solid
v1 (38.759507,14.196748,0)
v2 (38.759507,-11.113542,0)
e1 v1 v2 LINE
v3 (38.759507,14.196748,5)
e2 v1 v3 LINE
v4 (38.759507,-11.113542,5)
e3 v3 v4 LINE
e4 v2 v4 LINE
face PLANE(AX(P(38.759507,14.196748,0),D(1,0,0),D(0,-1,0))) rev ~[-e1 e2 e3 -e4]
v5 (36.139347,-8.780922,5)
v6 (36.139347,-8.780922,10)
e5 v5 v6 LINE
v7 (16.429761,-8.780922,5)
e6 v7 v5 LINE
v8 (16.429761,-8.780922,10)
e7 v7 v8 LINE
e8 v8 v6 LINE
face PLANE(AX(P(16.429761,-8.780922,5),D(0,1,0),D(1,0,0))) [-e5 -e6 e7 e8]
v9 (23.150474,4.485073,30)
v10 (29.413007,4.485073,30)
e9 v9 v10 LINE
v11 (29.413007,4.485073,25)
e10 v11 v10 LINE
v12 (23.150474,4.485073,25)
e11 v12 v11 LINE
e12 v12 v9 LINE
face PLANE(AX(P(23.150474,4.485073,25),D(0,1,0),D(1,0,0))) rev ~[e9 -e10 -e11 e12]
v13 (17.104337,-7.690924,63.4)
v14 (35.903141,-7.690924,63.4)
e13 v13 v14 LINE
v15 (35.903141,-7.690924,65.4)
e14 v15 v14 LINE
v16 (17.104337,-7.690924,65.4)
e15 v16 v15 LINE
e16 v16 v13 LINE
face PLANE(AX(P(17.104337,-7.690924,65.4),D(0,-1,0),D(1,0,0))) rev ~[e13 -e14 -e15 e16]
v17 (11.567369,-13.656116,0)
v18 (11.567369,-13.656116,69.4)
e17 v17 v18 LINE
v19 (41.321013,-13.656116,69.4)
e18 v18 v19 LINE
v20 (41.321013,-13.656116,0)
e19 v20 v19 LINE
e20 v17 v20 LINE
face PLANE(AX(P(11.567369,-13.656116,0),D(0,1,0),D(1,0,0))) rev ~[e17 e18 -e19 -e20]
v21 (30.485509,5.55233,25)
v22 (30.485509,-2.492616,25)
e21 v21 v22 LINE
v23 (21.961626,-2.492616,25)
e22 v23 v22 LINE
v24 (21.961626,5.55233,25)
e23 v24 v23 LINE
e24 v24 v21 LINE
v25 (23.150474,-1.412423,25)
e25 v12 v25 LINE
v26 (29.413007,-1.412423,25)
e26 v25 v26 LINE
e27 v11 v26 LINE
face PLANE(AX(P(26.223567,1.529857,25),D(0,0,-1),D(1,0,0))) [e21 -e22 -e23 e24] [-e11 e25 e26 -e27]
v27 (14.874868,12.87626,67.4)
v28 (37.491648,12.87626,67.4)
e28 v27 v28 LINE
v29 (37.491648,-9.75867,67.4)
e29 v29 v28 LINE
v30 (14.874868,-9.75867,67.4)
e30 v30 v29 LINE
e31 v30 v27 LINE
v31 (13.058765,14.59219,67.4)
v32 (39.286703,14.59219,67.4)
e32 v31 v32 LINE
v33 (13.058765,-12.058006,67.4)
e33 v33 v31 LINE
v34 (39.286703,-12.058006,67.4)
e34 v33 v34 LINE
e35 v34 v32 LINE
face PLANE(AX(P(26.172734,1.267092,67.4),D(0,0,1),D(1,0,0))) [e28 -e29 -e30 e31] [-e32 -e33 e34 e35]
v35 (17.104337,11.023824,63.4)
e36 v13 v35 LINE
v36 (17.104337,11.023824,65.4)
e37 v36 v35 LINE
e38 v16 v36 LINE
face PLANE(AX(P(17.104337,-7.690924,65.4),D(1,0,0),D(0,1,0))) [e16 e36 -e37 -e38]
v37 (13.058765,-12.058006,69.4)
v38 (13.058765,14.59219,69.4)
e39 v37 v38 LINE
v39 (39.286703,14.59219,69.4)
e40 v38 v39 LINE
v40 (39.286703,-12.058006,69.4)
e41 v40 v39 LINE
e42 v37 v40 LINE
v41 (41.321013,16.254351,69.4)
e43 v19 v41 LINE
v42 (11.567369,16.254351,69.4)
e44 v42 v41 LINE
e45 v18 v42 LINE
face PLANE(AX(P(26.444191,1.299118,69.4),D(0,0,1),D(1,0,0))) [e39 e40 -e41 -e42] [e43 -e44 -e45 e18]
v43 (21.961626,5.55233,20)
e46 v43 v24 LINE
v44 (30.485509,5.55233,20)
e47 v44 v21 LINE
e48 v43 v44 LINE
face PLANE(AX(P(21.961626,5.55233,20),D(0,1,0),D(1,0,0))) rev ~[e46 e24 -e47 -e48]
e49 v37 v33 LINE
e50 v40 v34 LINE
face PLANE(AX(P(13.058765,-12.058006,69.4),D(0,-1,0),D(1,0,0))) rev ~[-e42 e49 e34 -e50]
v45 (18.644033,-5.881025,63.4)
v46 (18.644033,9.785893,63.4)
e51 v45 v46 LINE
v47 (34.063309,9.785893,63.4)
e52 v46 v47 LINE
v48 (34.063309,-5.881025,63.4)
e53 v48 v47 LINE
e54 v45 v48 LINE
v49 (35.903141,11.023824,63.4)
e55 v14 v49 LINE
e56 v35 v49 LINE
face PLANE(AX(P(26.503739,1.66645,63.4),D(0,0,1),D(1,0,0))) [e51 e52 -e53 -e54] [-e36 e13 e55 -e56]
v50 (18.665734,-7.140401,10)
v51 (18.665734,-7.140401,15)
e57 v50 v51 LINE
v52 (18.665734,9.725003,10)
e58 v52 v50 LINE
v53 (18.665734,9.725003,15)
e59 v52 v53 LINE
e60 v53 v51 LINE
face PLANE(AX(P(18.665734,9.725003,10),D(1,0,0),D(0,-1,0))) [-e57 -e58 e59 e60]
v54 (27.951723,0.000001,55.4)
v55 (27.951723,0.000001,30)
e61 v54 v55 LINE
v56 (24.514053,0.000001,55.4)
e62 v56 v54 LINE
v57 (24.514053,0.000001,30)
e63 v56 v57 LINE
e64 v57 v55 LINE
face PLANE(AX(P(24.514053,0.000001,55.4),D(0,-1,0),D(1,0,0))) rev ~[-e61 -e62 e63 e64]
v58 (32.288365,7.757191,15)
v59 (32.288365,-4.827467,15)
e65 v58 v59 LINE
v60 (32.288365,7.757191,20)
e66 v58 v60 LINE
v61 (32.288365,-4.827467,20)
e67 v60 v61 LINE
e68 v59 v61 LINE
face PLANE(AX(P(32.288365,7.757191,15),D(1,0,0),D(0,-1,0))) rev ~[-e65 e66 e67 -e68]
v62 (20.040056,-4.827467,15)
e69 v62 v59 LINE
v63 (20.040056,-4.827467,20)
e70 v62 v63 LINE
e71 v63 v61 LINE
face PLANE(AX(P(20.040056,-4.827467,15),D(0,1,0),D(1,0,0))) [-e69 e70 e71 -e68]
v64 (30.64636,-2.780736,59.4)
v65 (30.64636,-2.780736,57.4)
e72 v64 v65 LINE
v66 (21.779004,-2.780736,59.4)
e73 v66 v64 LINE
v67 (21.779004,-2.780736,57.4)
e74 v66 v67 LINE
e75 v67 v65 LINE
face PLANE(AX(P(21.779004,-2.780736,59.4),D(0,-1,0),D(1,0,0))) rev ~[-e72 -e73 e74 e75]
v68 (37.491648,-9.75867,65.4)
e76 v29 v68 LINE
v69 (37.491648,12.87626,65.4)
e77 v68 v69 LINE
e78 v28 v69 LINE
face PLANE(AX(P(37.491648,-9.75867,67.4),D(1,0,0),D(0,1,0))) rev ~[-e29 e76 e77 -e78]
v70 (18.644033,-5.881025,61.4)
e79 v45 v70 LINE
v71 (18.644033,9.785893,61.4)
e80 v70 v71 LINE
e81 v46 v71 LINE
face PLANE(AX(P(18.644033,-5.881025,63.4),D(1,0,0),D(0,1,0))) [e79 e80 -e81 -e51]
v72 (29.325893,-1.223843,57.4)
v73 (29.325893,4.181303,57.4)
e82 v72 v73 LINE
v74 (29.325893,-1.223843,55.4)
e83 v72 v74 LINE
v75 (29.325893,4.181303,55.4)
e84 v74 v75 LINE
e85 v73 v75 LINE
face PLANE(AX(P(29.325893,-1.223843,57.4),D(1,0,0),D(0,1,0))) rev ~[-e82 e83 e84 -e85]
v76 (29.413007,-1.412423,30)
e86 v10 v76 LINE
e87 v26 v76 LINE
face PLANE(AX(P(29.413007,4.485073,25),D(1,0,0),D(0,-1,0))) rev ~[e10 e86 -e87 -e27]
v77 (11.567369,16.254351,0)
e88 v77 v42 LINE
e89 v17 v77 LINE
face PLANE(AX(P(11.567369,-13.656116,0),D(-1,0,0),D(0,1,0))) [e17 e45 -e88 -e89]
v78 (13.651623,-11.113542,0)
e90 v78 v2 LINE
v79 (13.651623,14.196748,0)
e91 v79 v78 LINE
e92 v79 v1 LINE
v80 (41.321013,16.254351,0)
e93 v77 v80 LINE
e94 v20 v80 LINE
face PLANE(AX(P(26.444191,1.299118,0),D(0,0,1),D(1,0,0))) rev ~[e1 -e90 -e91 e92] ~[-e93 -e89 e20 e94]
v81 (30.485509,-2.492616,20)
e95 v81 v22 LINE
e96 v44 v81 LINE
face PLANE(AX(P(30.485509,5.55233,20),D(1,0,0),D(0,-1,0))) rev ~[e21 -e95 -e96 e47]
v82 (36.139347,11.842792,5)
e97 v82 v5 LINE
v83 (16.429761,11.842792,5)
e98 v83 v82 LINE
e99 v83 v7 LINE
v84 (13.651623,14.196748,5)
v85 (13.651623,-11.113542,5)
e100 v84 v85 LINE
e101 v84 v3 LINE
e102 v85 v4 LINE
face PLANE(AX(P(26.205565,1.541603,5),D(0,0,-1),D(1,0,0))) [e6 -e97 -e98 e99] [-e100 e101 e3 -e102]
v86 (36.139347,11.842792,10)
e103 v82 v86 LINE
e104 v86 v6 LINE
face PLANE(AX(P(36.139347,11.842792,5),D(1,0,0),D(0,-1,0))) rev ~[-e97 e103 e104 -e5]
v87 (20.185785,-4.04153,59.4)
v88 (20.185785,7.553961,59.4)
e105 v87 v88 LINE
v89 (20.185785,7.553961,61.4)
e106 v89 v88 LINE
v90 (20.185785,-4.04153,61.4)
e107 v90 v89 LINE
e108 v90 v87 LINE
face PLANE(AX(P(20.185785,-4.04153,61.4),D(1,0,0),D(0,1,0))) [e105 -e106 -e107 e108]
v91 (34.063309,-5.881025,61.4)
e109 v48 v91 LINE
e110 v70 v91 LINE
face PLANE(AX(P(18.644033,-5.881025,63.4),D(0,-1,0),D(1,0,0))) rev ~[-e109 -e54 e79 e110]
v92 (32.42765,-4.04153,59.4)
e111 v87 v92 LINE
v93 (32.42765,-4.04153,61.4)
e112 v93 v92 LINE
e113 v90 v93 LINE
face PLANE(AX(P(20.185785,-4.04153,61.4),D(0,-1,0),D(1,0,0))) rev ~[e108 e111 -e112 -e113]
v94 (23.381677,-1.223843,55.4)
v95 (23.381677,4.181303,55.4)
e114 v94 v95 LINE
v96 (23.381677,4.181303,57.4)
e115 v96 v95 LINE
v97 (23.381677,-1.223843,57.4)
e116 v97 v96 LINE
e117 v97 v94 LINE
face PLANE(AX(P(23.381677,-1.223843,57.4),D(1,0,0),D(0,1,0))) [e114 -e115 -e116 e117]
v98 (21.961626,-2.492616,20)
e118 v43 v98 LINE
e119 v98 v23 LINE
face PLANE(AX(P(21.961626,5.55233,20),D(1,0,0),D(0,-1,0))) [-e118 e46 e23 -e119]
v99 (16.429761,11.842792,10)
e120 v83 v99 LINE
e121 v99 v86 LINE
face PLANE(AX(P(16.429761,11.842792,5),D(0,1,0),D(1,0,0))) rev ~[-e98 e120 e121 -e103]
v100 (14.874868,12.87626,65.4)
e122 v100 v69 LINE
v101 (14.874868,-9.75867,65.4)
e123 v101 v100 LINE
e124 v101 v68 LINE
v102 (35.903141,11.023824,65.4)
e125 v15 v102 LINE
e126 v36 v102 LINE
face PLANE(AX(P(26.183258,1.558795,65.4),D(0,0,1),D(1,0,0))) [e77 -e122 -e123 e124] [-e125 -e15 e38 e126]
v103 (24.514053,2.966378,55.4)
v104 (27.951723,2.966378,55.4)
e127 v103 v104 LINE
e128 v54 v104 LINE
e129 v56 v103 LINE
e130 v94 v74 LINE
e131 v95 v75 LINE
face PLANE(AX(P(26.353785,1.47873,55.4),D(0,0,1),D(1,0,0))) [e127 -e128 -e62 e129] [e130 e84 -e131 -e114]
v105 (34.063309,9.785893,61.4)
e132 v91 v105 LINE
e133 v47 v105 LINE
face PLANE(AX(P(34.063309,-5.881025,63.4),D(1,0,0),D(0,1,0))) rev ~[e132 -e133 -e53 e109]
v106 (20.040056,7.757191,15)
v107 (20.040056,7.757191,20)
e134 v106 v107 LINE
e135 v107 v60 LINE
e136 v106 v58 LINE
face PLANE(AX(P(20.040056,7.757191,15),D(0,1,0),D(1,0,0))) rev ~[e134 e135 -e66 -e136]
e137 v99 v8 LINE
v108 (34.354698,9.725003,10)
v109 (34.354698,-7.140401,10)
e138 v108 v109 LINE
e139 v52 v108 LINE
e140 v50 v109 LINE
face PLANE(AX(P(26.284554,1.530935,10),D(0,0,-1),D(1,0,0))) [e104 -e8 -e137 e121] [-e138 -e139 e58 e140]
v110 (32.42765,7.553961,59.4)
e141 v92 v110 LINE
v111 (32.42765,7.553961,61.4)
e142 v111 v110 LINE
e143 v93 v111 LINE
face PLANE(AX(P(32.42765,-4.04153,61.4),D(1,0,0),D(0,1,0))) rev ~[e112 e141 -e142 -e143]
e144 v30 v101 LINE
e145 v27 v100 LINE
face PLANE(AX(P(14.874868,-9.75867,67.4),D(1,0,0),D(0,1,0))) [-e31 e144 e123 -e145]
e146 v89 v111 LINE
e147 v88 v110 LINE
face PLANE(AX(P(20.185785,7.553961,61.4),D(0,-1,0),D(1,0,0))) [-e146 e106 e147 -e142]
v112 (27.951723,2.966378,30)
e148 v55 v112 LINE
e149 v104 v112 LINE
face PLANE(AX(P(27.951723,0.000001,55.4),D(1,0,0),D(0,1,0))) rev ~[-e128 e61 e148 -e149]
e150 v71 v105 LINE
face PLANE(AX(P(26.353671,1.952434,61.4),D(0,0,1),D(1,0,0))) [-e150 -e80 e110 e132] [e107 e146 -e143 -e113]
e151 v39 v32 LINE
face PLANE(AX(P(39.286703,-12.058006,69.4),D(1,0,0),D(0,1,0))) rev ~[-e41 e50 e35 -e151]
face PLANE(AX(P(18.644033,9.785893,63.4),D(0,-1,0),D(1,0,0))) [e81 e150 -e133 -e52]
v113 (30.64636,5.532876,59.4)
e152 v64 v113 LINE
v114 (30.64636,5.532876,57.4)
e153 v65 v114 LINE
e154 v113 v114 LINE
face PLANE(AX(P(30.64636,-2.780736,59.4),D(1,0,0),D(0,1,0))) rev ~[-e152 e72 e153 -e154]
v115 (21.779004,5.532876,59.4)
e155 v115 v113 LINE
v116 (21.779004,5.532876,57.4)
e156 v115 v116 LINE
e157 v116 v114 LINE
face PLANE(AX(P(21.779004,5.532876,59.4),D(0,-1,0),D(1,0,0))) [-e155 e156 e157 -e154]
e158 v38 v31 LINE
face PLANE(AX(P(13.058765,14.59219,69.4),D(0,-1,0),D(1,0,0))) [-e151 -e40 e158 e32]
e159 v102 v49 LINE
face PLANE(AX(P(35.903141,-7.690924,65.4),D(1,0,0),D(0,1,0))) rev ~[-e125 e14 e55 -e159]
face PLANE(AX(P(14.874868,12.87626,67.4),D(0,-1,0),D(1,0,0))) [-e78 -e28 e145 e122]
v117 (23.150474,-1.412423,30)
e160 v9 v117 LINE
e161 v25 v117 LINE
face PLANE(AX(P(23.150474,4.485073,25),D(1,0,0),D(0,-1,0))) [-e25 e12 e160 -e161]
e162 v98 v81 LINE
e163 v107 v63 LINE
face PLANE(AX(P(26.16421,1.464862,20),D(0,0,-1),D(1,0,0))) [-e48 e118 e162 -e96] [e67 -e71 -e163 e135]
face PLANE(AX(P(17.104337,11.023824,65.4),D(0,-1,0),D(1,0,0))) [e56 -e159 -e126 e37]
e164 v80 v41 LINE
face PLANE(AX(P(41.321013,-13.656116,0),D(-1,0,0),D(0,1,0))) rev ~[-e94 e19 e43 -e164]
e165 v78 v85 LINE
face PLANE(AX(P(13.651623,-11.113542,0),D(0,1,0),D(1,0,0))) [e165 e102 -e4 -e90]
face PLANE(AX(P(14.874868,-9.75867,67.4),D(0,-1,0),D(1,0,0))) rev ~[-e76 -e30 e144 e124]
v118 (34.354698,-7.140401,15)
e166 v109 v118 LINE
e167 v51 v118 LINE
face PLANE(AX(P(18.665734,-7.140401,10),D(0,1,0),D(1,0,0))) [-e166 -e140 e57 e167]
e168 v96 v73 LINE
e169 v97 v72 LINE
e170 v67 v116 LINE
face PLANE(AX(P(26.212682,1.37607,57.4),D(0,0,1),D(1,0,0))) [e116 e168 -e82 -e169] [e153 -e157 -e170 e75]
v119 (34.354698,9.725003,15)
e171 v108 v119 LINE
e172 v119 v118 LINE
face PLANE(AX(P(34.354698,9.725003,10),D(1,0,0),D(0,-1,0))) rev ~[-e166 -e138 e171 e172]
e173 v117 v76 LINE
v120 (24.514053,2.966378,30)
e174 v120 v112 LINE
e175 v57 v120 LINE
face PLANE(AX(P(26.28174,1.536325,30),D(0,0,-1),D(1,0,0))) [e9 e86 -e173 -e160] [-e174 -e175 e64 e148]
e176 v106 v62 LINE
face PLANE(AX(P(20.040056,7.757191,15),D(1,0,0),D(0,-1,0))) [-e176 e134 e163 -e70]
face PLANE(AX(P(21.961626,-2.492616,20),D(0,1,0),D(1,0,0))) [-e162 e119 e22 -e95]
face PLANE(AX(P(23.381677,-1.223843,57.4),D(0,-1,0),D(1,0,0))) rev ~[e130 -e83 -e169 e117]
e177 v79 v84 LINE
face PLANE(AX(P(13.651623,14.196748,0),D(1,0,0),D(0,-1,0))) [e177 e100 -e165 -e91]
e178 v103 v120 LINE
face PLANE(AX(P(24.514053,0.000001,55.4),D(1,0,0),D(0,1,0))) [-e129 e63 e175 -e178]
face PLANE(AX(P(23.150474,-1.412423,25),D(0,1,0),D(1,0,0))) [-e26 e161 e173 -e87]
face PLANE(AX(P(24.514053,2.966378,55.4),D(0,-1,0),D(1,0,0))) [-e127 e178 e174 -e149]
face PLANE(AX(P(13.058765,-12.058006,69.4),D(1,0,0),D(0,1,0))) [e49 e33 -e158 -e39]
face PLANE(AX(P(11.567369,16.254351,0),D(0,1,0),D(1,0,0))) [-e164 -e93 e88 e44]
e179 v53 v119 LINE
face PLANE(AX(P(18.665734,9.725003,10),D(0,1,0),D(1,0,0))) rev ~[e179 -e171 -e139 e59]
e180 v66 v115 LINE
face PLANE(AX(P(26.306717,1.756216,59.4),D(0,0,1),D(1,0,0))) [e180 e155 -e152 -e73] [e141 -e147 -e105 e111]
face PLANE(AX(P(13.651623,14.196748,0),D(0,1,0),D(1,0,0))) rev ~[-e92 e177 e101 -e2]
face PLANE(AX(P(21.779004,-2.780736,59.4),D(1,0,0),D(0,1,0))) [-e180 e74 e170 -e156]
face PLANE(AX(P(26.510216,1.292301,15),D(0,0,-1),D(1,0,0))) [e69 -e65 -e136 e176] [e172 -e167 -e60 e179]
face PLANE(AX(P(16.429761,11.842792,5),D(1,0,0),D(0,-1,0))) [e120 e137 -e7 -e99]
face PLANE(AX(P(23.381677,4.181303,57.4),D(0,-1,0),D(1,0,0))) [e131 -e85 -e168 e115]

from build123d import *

# Parameters (mm, degrees)
F0_W      = 29.753645
F0_H      = 29.910467
F1_DEPTH  = 69.4
F2_W      = 26.227938
F2_H      = 26.650196
F3_DEPTH  = 2
F4_W      = 22.616781
F4_H      = 22.63493
F5_DEPTH  = 2
F6_W      = 18.798804
F6_H      = 18.714747
F7_DEPTH  = 2
F8_W      = 15.419276
F8_H      = 15.666918
F9_DEPTH  = 2
F10_W     = 12.241865
F10_H     = 11.595491
F11_DEPTH = 2
F12_W     = 8.867356
F12_H     = 8.313611
F13_DEPTH = 2
F14_W     = 5.944216
F14_H     = 5.405146
F15_DEPTH = 2
F16_W     = 3.43767
F16_H     = 2.966377
F17_DEPTH = 55.401
F18_W     = 25.107885
F18_H     = 25.31029
F19_DEPTH = 5
F20_W     = 19.709587
F20_H     = 20.623714
F21_DEPTH = 5
F22_W     = 15.688963
F22_H     = 16.865403
F23_DEPTH = 5
F24_W     = 12.248309
F24_H     = 12.584658
F25_DEPTH = 5
F26_W     = 8.523883
F26_H     = 8.044946
F27_DEPTH = 5
F28_W     = 6.262533
F28_H     = 5.897496
F29_DEPTH = 5


with BuildPart() as f1:
    # F0 (on Top) → F1 (new body)
    with BuildSketch(Plane.XY):
        with Locations((26.444191, 1.299118)):
            Rectangle(F0_W, F0_H)
    extrude(amount=F1_DEPTH)

    # F2 (on face) → F3 (cut)
    with BuildSketch(Plane.XY.offset(69.4)):
        with Locations((26.172734, 1.267092)):
            Rectangle(F2_W, F2_H)
    extrude(amount=-F3_DEPTH, mode=Mode.SUBTRACT)

    # F4 (on face) → F5 (cut)
    with BuildSketch(Plane.XY.offset(67.4)):
        with Locations((26.183258, 1.558795)):
            Rectangle(F4_W, F4_H)
    extrude(amount=-F5_DEPTH, mode=Mode.SUBTRACT)

    # F6 (on face) → F7 (cut)
    with BuildSketch(Plane.XY.offset(65.4)):
        with Locations((26.503739, 1.66645)):
            Rectangle(F6_W, F6_H)
    extrude(amount=-F7_DEPTH, mode=Mode.SUBTRACT)

    # F8 (on face) → F9 (cut)
    with BuildSketch(Plane.XY.offset(63.4)):
        with Locations((26.353671, 1.952434)):
            Rectangle(F8_W, F8_H)
    extrude(amount=-F9_DEPTH, mode=Mode.SUBTRACT)

    # F10 (on face) → F11 (cut)
    with BuildSketch(Plane.XY.offset(61.4)):
        with Locations((26.306717, 1.756216)):
            Rectangle(F10_W, F10_H)
    extrude(amount=-F11_DEPTH, mode=Mode.SUBTRACT)

    # F12 (on face) → F13 (cut)
    with BuildSketch(Plane.XY.offset(59.4)):
        with Locations((26.212682, 1.37607)):
            Rectangle(F12_W, F12_H)
    extrude(amount=-F13_DEPTH, mode=Mode.SUBTRACT)

    # F14 (on face) → F15 (cut)
    with BuildSketch(Plane.XY.offset(57.4)):
        with Locations((26.353785, 1.47873)):
            Rectangle(F14_W, F14_H)
    extrude(amount=-F15_DEPTH, mode=Mode.SUBTRACT)

    # F16 (on face) → F17 (cut, through all)
    with BuildSketch(Plane.XY.offset(55.4)):
        with Locations((26.232888, 1.483189)):
            Rectangle(F16_W, F16_H)
    extrude(amount=-F17_DEPTH, mode=Mode.SUBTRACT)

    # F18 (on face) → F19 (cut)
    with BuildSketch(Plane(origin=(0, 0, 0), x_dir=(1, 0, 0), z_dir=(0, 0, -1))):
        with Locations((26.205565, -1.541603)):
            Rectangle(F18_W, F18_H)
    extrude(amount=-F19_DEPTH, mode=Mode.SUBTRACT)

    # F20 (on face) → F21 (cut)
    with BuildSketch(Plane(origin=(0, 0, 5), x_dir=(1, 0, 0), z_dir=(0, 0, -1))):
        with Locations((26.284554, -1.530935)):
            Rectangle(F20_W, F20_H)
    extrude(amount=-F21_DEPTH, mode=Mode.SUBTRACT)

    # F22 (on face) → F23 (cut)
    with BuildSketch(Plane(origin=(0, 0, 10), x_dir=(1, 0, 0), z_dir=(0, 0, -1))):
        with Locations((26.510216, -1.292301)):
            Rectangle(F22_W, F22_H)
    extrude(amount=-F23_DEPTH, mode=Mode.SUBTRACT)

    # F24 (on face) → F25 (cut)
    with BuildSketch(Plane(origin=(0, 0, 15), x_dir=(1, 0, 0), z_dir=(0, 0, -1))):
        with Locations((26.16421, -1.464862)):
            Rectangle(F24_W, F24_H)
    extrude(amount=-F25_DEPTH, mode=Mode.SUBTRACT)

    # F26 (on face) → F27 (cut)
    with BuildSketch(Plane(origin=(0, 0, 20), x_dir=(1, 0, 0), z_dir=(0, 0, -1))):
        with Locations((26.223567, -1.529857)):
            Rectangle(F26_W, F26_H)
    extrude(amount=-F27_DEPTH, mode=Mode.SUBTRACT)

    # F28 (on face) → F29 (cut)
    with BuildSketch(Plane(origin=(0, 0, 25), x_dir=(1, 0, 0), z_dir=(0, 0, -1))):
        with Locations((26.28174, -1.536325)):
            Rectangle(F28_W, F28_H)
    extrude(amount=-F29_DEPTH, mode=Mode.SUBTRACT)


solid = f1.part
